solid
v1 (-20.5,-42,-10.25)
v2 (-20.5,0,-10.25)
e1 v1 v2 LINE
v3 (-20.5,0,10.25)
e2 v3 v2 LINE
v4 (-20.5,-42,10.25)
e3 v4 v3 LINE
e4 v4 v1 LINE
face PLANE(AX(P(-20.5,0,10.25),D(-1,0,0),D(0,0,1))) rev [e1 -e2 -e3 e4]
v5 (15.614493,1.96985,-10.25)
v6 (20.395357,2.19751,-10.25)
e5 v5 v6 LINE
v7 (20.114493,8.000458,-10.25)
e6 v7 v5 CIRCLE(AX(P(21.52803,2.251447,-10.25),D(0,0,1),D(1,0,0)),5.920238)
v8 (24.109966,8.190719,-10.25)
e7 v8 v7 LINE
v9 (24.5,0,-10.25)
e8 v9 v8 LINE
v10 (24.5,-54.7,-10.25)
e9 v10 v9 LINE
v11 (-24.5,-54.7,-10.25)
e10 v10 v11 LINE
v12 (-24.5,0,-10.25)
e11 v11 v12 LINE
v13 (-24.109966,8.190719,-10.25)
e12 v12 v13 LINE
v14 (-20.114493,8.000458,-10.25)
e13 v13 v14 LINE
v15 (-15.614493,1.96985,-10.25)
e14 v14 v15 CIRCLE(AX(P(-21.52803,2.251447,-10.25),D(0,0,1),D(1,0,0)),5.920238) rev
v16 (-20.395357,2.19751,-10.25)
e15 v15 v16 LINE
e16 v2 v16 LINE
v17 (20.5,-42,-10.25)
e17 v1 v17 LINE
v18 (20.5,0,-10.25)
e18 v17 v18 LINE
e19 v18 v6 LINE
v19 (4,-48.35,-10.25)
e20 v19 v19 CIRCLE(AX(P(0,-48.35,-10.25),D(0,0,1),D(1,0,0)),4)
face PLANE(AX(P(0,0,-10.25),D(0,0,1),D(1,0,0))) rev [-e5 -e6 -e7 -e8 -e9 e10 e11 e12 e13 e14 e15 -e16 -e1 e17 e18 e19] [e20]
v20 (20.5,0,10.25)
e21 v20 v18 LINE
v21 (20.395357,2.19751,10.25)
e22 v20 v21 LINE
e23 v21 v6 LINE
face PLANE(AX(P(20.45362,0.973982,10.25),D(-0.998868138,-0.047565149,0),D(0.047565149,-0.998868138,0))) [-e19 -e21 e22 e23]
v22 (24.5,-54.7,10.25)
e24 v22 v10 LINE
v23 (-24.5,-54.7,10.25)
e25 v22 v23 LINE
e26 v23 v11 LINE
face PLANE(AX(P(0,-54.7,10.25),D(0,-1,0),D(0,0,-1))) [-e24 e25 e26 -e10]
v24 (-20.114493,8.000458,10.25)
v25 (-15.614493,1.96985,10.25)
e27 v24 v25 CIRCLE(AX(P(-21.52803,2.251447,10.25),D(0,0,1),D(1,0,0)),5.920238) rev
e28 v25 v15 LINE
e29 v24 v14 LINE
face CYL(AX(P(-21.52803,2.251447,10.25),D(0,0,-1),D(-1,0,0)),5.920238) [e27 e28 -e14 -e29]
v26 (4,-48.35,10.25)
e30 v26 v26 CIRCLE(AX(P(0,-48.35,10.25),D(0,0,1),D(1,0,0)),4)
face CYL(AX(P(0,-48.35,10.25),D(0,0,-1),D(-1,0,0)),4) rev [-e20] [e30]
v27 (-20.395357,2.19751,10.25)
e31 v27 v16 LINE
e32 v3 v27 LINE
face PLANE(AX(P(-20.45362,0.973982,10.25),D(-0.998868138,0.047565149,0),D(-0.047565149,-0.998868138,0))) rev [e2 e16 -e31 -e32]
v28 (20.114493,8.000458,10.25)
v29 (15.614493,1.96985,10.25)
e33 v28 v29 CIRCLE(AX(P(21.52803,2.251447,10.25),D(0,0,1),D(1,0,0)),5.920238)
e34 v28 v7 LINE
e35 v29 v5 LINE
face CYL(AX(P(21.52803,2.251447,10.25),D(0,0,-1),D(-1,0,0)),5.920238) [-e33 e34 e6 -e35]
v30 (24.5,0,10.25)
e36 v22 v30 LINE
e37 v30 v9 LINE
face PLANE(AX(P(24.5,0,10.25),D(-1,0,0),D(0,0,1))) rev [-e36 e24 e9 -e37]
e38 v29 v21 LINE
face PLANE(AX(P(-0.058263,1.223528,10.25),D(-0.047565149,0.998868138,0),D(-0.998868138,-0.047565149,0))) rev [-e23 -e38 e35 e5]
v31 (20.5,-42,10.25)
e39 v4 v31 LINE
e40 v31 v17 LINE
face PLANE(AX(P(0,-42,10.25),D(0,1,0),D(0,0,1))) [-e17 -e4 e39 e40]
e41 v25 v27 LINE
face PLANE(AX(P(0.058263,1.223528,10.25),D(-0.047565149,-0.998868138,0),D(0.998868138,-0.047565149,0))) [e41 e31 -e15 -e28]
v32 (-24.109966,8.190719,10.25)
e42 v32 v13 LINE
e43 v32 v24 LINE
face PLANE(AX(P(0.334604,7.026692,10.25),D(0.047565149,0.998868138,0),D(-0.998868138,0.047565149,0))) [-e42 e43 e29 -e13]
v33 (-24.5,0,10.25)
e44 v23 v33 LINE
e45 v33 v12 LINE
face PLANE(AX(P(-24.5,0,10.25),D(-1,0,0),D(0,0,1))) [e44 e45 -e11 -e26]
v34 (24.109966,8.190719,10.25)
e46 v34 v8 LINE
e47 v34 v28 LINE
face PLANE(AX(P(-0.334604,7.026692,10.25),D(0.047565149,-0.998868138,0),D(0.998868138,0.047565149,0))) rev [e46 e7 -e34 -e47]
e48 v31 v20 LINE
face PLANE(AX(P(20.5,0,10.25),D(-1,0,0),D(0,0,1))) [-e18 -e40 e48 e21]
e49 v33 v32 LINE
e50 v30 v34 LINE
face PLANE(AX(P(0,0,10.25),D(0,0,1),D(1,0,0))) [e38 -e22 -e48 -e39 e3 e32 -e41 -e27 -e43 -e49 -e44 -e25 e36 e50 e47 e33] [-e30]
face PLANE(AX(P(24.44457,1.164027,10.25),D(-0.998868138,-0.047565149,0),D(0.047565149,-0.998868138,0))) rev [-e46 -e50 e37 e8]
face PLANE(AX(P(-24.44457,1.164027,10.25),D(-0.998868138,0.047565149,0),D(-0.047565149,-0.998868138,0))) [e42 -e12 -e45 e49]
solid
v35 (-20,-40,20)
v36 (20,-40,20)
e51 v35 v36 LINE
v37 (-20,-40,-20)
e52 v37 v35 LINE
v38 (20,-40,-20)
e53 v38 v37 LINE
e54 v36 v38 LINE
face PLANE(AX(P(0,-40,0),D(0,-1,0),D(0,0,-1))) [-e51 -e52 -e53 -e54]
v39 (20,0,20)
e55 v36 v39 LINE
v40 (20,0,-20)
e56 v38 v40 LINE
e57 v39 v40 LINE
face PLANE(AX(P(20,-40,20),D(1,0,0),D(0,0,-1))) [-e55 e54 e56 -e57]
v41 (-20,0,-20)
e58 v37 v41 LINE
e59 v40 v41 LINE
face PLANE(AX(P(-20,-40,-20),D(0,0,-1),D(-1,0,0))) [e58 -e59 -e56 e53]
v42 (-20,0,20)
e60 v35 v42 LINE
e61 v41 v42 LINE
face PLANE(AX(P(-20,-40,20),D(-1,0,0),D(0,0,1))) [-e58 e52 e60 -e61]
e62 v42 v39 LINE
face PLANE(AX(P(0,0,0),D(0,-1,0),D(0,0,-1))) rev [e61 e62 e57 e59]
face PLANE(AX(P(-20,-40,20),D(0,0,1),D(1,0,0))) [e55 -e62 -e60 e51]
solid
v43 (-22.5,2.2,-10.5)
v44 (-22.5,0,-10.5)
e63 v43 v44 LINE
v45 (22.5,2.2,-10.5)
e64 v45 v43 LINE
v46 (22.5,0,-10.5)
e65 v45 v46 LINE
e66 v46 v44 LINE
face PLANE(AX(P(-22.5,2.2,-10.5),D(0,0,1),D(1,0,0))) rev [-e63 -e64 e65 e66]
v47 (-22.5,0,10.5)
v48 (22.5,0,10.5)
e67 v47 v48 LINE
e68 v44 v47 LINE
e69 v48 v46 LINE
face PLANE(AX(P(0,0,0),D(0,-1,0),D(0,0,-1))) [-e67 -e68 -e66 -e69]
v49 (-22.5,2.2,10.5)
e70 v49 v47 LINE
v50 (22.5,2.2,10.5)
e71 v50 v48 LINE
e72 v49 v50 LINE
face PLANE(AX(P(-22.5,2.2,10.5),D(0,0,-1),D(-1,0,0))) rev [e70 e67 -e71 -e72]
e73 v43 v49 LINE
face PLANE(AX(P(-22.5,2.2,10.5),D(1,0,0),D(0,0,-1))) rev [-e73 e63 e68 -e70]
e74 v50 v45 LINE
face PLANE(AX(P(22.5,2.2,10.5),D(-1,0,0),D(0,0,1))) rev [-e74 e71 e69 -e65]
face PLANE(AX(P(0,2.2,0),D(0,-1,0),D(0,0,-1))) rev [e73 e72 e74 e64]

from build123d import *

# Parameters (mm, degrees)
SKETCH1_W                            = 45
SKETCH1_H                            = 21
BOSS_EXTRUDE1_DEPTH                  = 2.2
SKETCH2_W                            = 40
SKETCH2_H                            = 40
BOSS_EXTRUDE2_DEPTH                  = 40
SKETCH3_W                            = 41
SKETCH3_H                            = 12.7
SKETCH3_R                            = 4
SNAPFIT_41MM_SPACING_4MM_WIDTH_DEPTH = 10.25


with BuildPart() as part:
    # Sketch1 → Boss-Extrude1 (new body)
    with BuildSketch(Plane(origin=(0, 0, 0), x_dir=(1, 0, 0), z_dir=(0, 1, 0))):
        Rectangle(SKETCH1_W, SKETCH1_H)
    extrude(amount=BOSS_EXTRUDE1_DEPTH)


with BuildPart() as body_2:
    # Sketch2 → Boss-Extrude2 (new body)
    with BuildSketch(Plane(origin=(0, 0, 0), x_dir=(1, 0, 0), z_dir=(0, 1, 0))):
        Rectangle(SKETCH2_W, SKETCH2_H)
    extrude(amount=-BOSS_EXTRUDE2_DEPTH)


with BuildPart() as body_3:
    # Sketch3 → SnapFit-41mm_spacing-4mm_width (new, symmetric)
    # profile 1 of 3: a face of its own
    with BuildSketch(Plane.XY):
        with Locations((0, -48.35)):
            Rectangle(SKETCH3_W, SKETCH3_H)
        with Locations((0, -48.35)):
            Circle(SKETCH3_R, mode=Mode.SUBTRACT)
    # profile 2 of 3: a face of its own
    with BuildSketch(Plane.XY):
        with BuildLine():
            Line((-24.5, -54.7), (-20.5, -54.7))
            Line((-20.5, -54.7), (-20.5, -42))
            Line((-20.5, -42), (-20.5, 0))
            Line((-20.5, 0), (-20.395356671, 2.197509903))
            Line((-20.395356671, 2.197509903), (-15.614493224, 1.969849739))
            ThreePointArc((-15.614493224, 1.969849739), (-16.78318436, 5.79201944), (-20.114493224, 8.000458132))
            Line((-20.114493224, 8.000458132), (-24.109965775, 8.190718729))
            Line((-24.109965775, 8.190718729), (-24.5, 0))
            Line((-24.5, 0), (-24.5, -54.7))
        make_face()
    # profile 3 of 3: a face of its own
    with BuildSketch(Plane.XY):
        with BuildLine():
            Line((20.5, -42), (20.5, -54.7))
            Line((20.5, -54.7), (24.5, -54.7))
            Line((24.5, -54.7), (24.5, 0))
            Line((24.5, 0), (24.109965775, 8.190718729))
            Line((24.109965775, 8.190718729), (20.114493224, 8.000458132))
            ThreePointArc((20.114493224, 8.000458132), (16.78318436, 5.79201944), (15.614493224, 1.969849739))
            Line((15.614493224, 1.969849739), (20.395356671, 2.197509903))
            Line((20.395356671, 2.197509903), (20.5, 0))
            Line((20.5, 0), (20.5, -42))
        make_face()
    extrude(amount=SNAPFIT_41MM_SPACING_4MM_WIDTH_DEPTH, both=True)


solid = Compound([part.part, body_2.part, body_3.part])
